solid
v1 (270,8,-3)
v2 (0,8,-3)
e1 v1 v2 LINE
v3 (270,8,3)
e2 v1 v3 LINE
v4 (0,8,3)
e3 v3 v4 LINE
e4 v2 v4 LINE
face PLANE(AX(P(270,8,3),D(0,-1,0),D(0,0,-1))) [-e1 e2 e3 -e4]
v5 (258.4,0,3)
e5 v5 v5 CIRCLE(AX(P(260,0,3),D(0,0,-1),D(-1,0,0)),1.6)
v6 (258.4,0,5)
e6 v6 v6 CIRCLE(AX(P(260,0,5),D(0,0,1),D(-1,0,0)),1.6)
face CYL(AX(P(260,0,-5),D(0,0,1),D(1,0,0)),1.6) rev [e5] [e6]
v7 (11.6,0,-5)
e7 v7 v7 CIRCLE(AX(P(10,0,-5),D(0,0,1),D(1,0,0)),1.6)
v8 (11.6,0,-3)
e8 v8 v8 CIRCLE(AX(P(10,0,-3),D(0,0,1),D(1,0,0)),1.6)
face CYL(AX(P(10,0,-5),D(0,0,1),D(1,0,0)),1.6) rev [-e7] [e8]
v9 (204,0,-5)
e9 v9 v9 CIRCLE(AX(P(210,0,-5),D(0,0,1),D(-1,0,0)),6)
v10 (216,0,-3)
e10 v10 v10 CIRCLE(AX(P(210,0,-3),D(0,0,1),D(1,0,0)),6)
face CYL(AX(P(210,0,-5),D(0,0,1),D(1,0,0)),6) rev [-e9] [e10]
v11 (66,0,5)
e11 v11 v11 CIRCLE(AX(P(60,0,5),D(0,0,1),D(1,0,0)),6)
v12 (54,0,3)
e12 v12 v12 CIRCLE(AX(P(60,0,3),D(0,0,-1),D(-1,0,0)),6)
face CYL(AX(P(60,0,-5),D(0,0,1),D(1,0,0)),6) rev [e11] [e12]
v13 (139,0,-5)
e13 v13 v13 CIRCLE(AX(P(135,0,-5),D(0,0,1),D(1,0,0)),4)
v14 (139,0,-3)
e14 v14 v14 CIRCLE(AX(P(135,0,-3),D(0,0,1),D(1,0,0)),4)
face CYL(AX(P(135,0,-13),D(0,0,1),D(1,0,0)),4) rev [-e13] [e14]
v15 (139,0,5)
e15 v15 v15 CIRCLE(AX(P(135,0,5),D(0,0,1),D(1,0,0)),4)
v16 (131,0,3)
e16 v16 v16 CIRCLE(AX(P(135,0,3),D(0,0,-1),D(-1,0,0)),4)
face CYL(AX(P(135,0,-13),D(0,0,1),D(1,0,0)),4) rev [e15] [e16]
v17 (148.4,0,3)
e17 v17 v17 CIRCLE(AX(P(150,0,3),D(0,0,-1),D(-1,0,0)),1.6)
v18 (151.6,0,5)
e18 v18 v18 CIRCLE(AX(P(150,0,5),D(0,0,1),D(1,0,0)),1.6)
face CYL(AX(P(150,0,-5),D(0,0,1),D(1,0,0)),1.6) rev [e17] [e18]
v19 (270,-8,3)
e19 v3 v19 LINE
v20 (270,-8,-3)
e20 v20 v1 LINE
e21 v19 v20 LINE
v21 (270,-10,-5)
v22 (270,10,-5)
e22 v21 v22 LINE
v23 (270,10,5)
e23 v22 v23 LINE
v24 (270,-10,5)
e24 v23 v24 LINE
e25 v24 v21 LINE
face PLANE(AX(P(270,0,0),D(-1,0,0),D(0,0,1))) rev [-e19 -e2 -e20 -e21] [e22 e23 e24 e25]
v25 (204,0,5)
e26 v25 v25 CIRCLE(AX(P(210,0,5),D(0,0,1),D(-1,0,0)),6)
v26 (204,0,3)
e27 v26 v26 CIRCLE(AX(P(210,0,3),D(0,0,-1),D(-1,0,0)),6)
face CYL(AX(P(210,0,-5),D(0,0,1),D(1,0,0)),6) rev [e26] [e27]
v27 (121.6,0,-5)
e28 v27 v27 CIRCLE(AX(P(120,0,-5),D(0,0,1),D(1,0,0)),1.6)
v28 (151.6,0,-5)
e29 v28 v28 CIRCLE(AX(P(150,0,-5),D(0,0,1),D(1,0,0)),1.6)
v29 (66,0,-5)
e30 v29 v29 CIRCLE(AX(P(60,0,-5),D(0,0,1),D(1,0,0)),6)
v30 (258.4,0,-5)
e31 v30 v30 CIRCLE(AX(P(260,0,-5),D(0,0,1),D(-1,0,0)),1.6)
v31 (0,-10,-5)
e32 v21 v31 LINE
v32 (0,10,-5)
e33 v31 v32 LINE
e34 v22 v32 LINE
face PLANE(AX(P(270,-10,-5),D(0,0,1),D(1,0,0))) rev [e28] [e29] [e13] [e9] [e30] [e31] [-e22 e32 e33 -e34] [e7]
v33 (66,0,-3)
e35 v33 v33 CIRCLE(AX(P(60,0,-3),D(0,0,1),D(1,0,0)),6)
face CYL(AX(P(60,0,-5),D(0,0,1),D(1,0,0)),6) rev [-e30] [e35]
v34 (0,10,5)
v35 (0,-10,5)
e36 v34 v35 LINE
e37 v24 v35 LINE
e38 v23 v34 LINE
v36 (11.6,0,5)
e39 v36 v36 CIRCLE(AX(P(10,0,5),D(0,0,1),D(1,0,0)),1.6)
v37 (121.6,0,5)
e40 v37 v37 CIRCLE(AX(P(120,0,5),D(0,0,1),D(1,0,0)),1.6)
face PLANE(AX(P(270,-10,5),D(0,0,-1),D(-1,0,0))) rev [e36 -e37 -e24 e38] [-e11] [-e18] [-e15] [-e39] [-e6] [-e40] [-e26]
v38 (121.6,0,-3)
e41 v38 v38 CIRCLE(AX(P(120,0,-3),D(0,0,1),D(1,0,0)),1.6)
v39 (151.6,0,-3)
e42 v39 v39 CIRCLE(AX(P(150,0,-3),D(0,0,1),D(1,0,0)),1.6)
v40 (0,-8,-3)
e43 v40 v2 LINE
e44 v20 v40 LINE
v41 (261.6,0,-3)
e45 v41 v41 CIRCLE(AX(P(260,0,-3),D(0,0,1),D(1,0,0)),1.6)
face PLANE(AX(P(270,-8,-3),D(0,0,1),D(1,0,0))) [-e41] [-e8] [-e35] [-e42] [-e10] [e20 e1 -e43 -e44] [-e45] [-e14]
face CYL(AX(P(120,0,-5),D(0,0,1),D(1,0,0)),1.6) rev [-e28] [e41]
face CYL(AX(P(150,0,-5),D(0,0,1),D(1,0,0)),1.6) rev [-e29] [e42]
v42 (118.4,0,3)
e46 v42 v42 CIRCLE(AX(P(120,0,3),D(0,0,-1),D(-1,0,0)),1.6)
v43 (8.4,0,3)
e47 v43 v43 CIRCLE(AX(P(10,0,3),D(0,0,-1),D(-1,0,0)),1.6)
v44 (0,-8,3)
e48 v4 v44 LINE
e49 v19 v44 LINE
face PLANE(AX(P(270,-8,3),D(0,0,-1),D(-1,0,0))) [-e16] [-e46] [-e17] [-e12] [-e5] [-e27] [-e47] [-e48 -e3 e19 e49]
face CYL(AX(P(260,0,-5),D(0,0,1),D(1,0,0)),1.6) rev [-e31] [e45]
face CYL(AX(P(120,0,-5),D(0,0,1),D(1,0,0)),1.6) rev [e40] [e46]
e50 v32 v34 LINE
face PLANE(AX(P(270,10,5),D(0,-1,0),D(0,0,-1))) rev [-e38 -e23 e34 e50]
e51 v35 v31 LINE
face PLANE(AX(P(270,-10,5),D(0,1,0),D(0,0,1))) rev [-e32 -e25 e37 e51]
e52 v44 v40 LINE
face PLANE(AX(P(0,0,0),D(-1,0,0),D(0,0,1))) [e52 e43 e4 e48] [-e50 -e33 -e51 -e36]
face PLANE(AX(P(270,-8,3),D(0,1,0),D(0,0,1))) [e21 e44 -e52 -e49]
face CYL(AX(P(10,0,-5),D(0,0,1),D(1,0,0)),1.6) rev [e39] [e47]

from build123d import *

# Parameters (mm, degrees)
SKETCH_15_W         = 10
SKETCH_15_H         = 20
SKETCH_15_W_2       = 6
SKETCH_15_H_2       = 16
F_20X10X2_2_DEPTH   = 270
SKETCH_12_R         = 1.6
CUT_EXTRUDE_1_DEPTH = 271.370116692
SKETCH_16_R         = 6
CUT_EXTRUDE_2_DEPTH = 271.370116692
SKETCH_17_R         = 4
CUT_EXTRUDE_3_DEPTH = 18
SKETCH_18_R         = 1.6
CUT_EXTRUDE_4_DEPTH = 10


with BuildPart() as part:
    # 草图15 → 铝方管 20X10X2(2) (new body)
    with BuildSketch(Plane(origin=(0, 0, 0), x_dir=(0, 0, -1), z_dir=(1, 0, 0))):
        Rectangle(SKETCH_15_W, SKETCH_15_H)
        Rectangle(SKETCH_15_W_2, SKETCH_15_H_2, mode=Mode.SUBTRACT)
    extrude(amount=F_20X10X2_2_DEPTH)

    # 草图12 → 切除-拉伸1 (cut, through all)
    with BuildSketch(Plane.XY.offset(5)):
        with Locations((10, 0)):
            Circle(SKETCH_12_R)
        with Locations(Location((260, 0, 0), (0, 0, 180))):
            Circle(SKETCH_12_R)
    extrude(amount=-CUT_EXTRUDE_1_DEPTH, mode=Mode.SUBTRACT)

    # 草图16 → 切除-拉伸2 (cut, through all)
    with BuildSketch(Plane.XY.offset(5)):
        with Locations((60, 0)):
            Circle(SKETCH_16_R)
        with Locations(Location((210, 0, 0), (0, 0, 180))):
            Circle(SKETCH_16_R)
    extrude(amount=-CUT_EXTRUDE_2_DEPTH, mode=Mode.SUBTRACT)

    # 草图17 → 切除-拉伸3 (cut)
    with BuildSketch(Plane.XY.offset(5)):
        with Locations((135, 0)):
            Circle(SKETCH_17_R)
    extrude(amount=-CUT_EXTRUDE_3_DEPTH, mode=Mode.SUBTRACT)

    # 草图18 → 切除-拉伸4 (cut)
    with BuildSketch(Plane.XY.offset(5)):
        with Locations((120, 0)):
            Circle(SKETCH_18_R)
        with Locations((150, 0)):
            Circle(SKETCH_18_R)
    extrude(amount=-CUT_EXTRUDE_4_DEPTH, mode=Mode.SUBTRACT)


solid = part.part
